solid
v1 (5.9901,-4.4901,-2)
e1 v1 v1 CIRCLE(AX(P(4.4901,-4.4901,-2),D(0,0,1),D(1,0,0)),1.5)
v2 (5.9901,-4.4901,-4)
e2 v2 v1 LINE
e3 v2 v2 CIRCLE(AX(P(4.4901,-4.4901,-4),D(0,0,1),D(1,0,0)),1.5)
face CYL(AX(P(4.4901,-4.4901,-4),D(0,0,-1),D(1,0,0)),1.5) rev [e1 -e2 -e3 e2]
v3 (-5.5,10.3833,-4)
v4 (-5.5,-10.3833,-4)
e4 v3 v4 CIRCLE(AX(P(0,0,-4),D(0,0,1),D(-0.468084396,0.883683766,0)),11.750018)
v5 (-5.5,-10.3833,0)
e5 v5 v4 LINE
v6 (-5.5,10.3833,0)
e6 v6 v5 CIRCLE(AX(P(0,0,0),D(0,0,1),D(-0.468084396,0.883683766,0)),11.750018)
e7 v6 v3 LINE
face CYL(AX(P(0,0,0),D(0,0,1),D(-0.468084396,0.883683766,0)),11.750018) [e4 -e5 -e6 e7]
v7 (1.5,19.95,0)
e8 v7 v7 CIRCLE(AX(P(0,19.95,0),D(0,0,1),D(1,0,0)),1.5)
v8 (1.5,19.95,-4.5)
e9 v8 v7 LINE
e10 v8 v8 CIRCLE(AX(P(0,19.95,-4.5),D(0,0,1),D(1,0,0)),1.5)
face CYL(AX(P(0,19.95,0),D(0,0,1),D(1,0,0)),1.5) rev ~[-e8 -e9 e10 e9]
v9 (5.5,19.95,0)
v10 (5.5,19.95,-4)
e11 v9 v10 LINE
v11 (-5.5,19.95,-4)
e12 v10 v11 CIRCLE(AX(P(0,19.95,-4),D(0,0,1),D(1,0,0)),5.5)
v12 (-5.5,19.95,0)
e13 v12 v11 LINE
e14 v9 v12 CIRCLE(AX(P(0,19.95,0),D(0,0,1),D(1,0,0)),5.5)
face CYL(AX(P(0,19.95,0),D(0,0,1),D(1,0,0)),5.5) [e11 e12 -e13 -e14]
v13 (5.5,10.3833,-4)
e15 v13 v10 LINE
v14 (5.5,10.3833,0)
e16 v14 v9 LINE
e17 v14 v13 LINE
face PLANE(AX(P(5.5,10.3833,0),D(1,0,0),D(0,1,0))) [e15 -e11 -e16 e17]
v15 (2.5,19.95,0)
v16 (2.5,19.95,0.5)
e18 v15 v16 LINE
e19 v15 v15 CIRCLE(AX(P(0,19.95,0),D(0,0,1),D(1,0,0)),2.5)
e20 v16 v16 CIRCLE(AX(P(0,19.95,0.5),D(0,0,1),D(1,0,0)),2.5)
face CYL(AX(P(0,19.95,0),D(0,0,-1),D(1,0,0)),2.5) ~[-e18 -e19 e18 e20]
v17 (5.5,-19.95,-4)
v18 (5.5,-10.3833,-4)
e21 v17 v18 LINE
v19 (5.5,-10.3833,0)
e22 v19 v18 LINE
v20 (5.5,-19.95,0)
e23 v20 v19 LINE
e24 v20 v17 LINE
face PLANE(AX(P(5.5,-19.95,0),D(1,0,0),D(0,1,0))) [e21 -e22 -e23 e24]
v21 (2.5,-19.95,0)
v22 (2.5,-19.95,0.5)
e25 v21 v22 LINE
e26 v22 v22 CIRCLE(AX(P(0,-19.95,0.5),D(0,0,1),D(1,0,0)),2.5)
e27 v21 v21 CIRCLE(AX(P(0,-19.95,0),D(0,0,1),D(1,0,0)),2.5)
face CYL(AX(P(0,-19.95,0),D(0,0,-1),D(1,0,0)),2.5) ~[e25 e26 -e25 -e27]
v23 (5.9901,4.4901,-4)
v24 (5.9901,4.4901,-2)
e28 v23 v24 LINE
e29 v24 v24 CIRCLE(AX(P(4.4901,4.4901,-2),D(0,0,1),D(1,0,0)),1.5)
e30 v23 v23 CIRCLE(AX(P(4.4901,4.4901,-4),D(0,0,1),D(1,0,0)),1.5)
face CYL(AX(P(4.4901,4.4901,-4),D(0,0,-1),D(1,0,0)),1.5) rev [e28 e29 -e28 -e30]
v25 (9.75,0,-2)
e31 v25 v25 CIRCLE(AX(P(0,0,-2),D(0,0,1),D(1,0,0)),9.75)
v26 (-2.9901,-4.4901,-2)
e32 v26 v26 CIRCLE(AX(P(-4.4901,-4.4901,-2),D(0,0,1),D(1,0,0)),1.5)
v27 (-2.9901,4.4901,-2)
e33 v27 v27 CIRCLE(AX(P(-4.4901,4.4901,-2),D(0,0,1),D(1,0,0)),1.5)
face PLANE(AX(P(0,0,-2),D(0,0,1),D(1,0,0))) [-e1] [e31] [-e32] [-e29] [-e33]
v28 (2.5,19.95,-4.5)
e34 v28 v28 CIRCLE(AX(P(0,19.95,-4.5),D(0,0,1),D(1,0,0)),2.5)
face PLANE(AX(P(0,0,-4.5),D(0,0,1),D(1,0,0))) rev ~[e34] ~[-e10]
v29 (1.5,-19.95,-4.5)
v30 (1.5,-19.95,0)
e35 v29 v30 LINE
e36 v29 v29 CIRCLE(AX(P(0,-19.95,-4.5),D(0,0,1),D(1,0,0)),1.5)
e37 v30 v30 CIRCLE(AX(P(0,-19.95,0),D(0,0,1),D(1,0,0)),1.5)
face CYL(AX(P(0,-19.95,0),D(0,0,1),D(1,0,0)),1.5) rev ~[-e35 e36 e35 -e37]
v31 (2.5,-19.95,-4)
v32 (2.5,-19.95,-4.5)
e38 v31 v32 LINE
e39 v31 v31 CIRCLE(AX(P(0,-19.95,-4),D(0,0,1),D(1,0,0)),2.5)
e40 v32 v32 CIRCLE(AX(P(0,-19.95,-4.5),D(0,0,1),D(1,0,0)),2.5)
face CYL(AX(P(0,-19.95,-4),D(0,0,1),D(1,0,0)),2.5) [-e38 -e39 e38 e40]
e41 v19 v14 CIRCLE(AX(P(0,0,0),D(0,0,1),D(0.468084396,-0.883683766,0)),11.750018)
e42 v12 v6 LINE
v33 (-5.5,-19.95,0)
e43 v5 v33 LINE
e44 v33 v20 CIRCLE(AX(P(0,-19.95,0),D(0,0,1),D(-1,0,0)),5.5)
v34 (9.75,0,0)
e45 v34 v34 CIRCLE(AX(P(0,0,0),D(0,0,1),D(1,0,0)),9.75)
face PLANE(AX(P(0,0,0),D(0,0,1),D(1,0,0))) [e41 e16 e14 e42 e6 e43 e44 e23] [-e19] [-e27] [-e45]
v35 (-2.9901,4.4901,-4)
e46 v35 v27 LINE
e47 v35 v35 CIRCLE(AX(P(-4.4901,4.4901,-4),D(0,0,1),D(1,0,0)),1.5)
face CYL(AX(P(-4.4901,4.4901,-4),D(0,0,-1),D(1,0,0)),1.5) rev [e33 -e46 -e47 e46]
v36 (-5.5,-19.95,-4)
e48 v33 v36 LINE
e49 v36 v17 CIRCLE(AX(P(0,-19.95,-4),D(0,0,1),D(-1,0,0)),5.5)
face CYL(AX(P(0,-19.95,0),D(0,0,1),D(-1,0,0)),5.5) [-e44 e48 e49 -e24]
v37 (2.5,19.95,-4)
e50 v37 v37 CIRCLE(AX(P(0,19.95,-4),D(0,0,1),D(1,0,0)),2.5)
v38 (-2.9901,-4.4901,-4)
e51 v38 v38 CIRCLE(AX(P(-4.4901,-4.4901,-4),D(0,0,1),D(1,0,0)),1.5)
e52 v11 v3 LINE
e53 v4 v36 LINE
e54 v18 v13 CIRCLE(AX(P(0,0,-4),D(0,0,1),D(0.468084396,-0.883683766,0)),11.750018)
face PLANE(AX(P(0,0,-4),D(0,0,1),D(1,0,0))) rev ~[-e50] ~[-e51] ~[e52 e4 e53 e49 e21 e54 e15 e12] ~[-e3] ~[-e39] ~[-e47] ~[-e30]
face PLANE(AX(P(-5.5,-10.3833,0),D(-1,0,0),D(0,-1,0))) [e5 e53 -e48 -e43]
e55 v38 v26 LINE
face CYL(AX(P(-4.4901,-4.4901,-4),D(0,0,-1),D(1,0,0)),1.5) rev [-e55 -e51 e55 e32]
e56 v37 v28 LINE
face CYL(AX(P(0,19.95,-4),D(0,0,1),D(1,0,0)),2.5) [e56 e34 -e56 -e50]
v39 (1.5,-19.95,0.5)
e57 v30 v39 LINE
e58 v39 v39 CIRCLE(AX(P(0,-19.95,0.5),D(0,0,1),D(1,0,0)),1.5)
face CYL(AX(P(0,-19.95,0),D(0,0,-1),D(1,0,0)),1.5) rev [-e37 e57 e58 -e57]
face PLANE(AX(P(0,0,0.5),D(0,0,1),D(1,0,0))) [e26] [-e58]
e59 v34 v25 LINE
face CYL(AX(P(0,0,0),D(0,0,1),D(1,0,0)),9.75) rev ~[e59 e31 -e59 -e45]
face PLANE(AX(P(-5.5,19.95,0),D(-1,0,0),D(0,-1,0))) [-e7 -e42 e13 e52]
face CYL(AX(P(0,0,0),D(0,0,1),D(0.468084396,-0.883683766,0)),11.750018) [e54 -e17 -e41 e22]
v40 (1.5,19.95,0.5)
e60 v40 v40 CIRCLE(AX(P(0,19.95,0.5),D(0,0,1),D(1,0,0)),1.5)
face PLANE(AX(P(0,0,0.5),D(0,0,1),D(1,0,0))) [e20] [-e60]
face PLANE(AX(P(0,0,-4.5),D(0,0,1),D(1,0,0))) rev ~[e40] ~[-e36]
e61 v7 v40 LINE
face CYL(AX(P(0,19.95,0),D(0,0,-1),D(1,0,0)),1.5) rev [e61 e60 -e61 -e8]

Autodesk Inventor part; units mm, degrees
ref_plane "YZ Plane" through (0, 0, 0) normal (1, 0, 0) x (0, 1, 0)
ref_plane "XZ Plane" through (0, 0, 0) normal (0, 1, 0) x (-1, 0, 0)
ref_plane "XY Plane" through (0, 0, 0) normal (0, 0, 1) x (1, 0, 0)
sketch "Skizze1" plane through (0, 0, 0) normal (0, 0, 1) x (1, 0, 0)
  line L0 (0, -19.95) -> (0, 19.95) construction
  arc A0 (-5.5, -19.95) -> (5.5, -19.95) centre (0, -19.95) ccw
  arc A1 (5.5, 19.95) -> (-5.5, 19.95) centre (0, 19.95) ccw
  line L1 (0, 37.03) -> (0, -37.03) construction
  line L2 (-16.45, 0) -> (16.45, 0) construction
  circle A2 centre (0, 19.95) radius 1.5
  circle A3 centre (0, -19.95) radius 1.5
  circle A4 centre (0, 19.95) radius 6.5 construction
  circle A5 centre (0, -19.95) radius 6.5 construction
  line L3 (0, 26.45) -> (0, -26.45) construction
  circle A6 centre (0, 19.95) radius 2.5
  circle A7 centre (0, -19.95) radius 2.5
  circle A8 centre (0, 0) radius 9.75
  line L4 (-5.5, 19.95) -> (-5.5, 10.3833)
  line L5 (-5.5, -10.3833) -> (-5.5, -19.95)
  line L6 (5.5, -19.95) -> (5.5, -10.3833)
  line L7 (5.5, 10.3833) -> (5.5, 19.95)
  arc A9 (5.5, -10.3833) -> (5.5, 10.3833) centre (0, 0) ccw
  arc A10 (-5.5, 10.3833) -> (-5.5, -10.3833) centre (0, 0) ccw
  circle A11 centre (0, 0) radius 6.35 construction
  circle A12 centre (-4.4901, 4.4901) radius 1.5
  circle A13 centre (-4.4901, -4.4901) radius 1.5
  circle A14 centre (4.4901, -4.4901) radius 1.5
  circle A15 centre (4.4901, 4.4901) radius 1.5
  line L8 (-4.4901, 4.4901) -> (0, 0) construction
  dimension "d4" = 13
  dimension "d31" = 12.7
  dimension "d1" = 3
  dimension "d5" = 52.9
  dimension "d19" = 1
  dimension "d26" = 19.5
  dimension "d28" = 2
  dimension "d32" = 3
  dimension "d35" = 360
  dimension "d37" = 45
  dimension "d38" = 3
extrude "Extrusion1" add sketch "Skizze1" against normal blind 4 contours L5 A10 L4 A1 L7 A9 L6 A0 | A6 | A7
extrude "Extrusion4" add sketch "Skizze1" against normal blind 0.5 from surface at -4 contours A6 | A7
extrude "Extrusion6" add sketch "Skizze1" along normal blind 2 from surface at -4 contours A8
extrude "Extrusion7" add sketch "Skizze1" along normal blind 0.5 contours A6 | A7
properties part number "HarmonicDrive-WaveGenerator-Bottom"
